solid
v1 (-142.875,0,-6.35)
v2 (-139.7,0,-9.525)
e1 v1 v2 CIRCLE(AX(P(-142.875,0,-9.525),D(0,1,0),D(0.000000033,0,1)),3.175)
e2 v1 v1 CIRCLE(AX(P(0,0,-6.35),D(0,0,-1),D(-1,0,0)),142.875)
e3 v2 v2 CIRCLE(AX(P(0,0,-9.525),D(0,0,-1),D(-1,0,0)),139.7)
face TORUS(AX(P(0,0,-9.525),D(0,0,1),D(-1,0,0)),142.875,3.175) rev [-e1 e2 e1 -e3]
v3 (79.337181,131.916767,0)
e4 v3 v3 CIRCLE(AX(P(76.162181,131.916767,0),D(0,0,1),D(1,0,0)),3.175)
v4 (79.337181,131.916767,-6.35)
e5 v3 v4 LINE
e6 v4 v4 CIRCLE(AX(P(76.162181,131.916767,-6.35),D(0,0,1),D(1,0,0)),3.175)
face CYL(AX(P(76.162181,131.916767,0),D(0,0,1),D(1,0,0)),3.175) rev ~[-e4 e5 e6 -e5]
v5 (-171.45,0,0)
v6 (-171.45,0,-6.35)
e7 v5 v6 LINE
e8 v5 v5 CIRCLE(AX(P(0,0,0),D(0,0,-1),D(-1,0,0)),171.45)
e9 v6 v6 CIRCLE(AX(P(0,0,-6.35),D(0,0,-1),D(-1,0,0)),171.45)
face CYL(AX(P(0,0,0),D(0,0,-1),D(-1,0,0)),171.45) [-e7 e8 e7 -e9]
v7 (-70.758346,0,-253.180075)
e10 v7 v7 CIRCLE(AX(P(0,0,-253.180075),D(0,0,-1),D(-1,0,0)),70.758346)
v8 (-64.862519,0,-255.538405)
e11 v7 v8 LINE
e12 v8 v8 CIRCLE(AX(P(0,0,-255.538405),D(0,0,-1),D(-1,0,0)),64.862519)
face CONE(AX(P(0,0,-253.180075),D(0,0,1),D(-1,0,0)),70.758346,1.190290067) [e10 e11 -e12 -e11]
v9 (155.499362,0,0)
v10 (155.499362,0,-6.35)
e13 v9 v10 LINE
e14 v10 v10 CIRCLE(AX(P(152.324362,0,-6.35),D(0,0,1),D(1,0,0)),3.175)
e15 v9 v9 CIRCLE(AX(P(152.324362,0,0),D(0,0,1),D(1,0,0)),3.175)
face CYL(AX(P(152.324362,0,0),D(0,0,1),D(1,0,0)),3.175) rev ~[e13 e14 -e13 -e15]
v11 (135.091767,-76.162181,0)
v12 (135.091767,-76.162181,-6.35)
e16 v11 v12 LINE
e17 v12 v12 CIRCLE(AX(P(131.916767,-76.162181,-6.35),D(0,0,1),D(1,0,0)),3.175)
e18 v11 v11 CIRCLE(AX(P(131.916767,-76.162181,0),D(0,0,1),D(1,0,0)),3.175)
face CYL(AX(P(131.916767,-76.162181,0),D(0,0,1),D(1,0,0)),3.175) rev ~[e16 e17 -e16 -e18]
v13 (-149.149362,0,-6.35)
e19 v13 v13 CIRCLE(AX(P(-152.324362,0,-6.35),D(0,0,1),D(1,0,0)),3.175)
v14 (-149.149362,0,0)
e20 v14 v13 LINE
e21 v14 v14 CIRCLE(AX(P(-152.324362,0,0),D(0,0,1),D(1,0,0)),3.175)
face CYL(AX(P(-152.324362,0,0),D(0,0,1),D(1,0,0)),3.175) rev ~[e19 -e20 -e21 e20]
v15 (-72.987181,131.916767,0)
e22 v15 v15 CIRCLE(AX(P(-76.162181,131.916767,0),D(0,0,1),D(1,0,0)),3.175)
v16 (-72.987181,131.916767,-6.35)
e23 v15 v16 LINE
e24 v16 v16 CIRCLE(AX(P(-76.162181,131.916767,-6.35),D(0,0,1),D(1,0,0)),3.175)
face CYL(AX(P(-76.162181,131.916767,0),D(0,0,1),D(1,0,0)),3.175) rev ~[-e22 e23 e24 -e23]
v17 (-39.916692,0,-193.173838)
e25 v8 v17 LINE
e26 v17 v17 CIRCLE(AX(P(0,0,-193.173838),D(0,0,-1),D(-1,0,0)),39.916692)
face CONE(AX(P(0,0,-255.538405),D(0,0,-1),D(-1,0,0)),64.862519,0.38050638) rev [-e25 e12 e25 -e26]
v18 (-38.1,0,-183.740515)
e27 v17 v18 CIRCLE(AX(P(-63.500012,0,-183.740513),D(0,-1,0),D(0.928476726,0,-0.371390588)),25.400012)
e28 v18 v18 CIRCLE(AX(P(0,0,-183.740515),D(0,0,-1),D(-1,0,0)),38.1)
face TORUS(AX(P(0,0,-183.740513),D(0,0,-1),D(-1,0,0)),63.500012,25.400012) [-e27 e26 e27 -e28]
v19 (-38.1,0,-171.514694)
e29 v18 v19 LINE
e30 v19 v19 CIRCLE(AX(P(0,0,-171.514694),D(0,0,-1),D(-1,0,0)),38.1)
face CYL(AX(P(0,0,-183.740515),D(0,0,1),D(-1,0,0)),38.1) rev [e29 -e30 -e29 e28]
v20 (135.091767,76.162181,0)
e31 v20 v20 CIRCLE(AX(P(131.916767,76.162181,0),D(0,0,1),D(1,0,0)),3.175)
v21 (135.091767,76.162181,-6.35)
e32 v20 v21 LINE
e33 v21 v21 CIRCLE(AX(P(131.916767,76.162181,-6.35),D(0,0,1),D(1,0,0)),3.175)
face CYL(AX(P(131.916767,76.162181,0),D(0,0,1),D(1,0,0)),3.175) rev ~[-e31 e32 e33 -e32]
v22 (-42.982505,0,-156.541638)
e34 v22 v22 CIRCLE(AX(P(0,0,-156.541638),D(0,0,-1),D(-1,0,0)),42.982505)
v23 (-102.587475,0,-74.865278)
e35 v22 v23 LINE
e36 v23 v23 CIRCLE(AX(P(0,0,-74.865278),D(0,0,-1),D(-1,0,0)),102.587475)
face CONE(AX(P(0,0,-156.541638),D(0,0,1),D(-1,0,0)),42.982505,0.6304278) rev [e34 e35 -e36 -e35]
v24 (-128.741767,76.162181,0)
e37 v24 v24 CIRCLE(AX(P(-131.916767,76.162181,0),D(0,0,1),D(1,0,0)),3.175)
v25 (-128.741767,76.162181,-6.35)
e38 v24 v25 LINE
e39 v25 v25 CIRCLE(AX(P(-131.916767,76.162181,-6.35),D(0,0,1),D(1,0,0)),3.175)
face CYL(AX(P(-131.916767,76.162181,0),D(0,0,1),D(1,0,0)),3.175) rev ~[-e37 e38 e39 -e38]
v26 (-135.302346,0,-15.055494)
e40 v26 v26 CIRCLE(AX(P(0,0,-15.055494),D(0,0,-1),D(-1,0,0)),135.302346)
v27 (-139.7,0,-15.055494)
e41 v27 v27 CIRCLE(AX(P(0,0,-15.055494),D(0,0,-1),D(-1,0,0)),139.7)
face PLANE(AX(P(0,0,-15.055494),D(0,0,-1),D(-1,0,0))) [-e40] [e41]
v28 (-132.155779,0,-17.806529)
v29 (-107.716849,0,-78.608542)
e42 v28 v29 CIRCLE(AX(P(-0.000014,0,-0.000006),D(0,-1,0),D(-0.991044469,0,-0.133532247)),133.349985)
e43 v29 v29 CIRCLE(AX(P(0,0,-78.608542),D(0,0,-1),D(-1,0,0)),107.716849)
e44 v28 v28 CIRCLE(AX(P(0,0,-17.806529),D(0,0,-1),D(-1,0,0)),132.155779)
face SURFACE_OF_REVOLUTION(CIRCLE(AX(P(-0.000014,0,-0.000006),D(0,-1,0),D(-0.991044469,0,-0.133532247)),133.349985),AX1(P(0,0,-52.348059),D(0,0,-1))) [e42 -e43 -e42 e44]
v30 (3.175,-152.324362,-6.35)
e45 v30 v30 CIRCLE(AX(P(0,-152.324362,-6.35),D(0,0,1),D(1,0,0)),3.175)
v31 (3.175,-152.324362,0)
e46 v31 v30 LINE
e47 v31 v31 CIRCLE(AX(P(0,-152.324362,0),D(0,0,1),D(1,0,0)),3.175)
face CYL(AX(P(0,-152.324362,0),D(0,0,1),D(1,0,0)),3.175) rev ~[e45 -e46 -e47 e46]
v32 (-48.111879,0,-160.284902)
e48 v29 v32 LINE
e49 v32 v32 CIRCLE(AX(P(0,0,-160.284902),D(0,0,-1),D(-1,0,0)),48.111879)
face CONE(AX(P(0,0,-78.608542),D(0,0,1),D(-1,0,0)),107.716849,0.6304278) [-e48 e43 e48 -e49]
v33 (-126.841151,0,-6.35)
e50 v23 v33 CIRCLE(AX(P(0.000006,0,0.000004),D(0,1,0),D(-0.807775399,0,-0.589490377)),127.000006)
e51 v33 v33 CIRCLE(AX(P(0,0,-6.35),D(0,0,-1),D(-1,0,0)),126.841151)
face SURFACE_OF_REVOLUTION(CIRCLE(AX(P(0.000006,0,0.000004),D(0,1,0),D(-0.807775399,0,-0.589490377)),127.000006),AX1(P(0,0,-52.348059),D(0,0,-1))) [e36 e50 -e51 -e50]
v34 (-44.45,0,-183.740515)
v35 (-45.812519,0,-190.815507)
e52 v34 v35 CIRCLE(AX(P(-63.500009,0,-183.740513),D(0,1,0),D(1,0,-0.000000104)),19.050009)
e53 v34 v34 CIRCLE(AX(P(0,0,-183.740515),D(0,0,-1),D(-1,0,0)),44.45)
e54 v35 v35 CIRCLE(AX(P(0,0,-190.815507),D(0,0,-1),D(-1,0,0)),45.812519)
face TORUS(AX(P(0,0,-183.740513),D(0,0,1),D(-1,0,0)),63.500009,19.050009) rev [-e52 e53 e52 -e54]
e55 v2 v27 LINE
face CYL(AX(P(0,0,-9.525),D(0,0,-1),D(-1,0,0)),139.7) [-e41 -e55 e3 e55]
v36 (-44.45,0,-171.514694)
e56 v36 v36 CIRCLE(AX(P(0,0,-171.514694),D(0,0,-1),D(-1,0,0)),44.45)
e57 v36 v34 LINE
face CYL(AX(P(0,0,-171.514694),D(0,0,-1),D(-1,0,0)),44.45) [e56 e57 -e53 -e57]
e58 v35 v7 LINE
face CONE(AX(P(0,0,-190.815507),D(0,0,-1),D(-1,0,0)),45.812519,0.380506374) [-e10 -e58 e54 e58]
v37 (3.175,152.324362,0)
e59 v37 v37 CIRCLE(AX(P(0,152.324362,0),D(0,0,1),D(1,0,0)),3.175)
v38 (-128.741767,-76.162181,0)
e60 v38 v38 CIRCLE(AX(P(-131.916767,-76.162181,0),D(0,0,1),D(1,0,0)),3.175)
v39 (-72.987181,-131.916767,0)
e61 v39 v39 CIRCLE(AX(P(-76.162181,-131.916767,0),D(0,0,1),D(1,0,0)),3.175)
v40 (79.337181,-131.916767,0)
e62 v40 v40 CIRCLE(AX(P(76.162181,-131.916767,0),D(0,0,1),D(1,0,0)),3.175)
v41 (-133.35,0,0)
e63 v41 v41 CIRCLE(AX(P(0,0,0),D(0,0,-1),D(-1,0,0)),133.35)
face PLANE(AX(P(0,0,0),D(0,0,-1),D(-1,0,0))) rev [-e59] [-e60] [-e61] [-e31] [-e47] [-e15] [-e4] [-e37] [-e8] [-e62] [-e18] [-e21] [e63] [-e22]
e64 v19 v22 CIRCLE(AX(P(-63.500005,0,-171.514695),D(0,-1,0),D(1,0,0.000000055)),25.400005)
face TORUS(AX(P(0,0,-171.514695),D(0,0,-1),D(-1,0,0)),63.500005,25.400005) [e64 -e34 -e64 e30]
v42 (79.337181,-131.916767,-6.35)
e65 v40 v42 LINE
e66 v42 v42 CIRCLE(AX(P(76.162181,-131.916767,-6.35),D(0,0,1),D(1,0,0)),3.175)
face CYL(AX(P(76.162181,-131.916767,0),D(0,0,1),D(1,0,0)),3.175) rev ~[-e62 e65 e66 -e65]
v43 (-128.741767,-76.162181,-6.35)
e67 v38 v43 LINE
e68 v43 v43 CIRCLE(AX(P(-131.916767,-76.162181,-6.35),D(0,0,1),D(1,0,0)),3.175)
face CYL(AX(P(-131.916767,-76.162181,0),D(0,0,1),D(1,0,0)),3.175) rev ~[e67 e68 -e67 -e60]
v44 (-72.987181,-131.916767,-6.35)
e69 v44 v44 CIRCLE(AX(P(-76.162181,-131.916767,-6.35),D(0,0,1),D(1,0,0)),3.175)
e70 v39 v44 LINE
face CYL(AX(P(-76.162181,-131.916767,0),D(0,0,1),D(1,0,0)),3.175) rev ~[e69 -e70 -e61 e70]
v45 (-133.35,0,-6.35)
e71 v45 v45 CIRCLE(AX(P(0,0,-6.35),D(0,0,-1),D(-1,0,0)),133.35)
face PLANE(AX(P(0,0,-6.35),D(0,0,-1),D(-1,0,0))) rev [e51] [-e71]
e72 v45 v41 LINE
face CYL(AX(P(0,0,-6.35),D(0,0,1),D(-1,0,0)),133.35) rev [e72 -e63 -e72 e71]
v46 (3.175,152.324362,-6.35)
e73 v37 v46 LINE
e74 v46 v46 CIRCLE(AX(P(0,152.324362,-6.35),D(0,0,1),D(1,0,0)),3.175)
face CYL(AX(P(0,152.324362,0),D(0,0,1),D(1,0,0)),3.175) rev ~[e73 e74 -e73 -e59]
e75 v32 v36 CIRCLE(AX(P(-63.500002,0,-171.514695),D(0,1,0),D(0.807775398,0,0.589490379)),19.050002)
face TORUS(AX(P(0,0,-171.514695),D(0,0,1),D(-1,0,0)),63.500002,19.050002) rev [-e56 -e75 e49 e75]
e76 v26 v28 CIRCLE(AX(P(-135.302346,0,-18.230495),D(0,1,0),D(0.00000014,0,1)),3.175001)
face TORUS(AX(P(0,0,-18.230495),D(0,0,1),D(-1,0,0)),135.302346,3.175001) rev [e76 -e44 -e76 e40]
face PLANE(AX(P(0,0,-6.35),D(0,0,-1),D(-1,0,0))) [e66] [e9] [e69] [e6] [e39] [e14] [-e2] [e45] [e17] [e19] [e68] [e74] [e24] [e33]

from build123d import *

# Parameters (mm, degrees)
F9_D      = 6.35
F12_R     = 3.175
F13_DEPTH = 25.4


with BuildPart() as f1:
    # F0 (on Front) → F1 (revolve)
    with BuildSketch(Plane.XZ):
        with BuildLine():
            ThreePointArc((0, 127), (89.802561, 89.802561), (127, 0))
            Line((127, 0), (127, -6.35))
            Line((127, -6.35), (133.35, -6.35))
            Line((133.35, -6.35), (133.35, 0))
            Line((133.35, 0), (171.45, 0))
            Line((171.45, 0), (171.45, 6.35))
            Line((171.45, 6.35), (133.198724, 6.35))
            ThreePointArc((133.198724, 6.35), (92.020242, 96.511644), (0, 133.35))
            Line((0, 133.35), (0, 127))
        make_face()
    revolve(axis=Axis((0, 0, 13.31393), (0, 0, 1)))

    # F4 (on Front) → F5 (revolve, cut)
    with BuildSketch(Plane.XZ):
        with BuildLine():
            ThreePointArc((89.802561, 89.802561), (94.185721, 85.19419), (98.332676, 80.372164))
            Line((98.332676, 80.372164), (100.775306, 82.814794))
            Line((100.775306, 82.814794), (103.02037, 80.56973))
            Line((103.02037, 80.56973), (110.363235, 87.912594))
            Line((110.363235, 87.912594), (94.292689, 94.292689))
            Line((94.292689, 94.292689), (89.802561, 89.802561))
        make_face()
    revolve(axis=Axis((92.047625, 0, 92.047625), (0.707107, 0, 0.707107)), mode=Mode.SUBTRACT)

    # F6 (on Front) → F7 (revolve, cut)
    with BuildSketch(Plane.XZ):
        with BuildLine():
            ThreePointArc((-7.9375, 126.75171), (-3.970691, 126.937912), (0, 127))
            Line((0, 127), (0, 133.35))
            ThreePointArc((0, 133.35), (-3.97051, 133.290876), (-7.9375, 133.113555))
            Line((-7.9375, 133.113555), (-7.9375, 126.75171))
        make_face()
    revolve(axis=Axis((0, 0, 130.175), (0, 0, 1)), mode=Mode.SUBTRACT)

    # F9 (through all)
    with Locations(Plane.XY.offset(6.35)):
        with Locations((0, -152.324362)):
            Hole(F9_D / 2)


with BuildPart() as f11:
    # F10 (on Front) → F11 (revolve)
    with BuildSketch(Plane.XZ):
        with BuildLine():
            Line((-133.35, 0), (-171.45, 0))
            Line((-171.45, 0), (-171.45, -6.35))
            Line((-171.45, -6.35), (-142.875, -6.35))
            ThreePointArc((-142.875, -6.35), (-140.629936, -7.279936), (-139.7, -9.525))
            Line((-139.7, -9.525), (-139.7, -15.055494))
            Line((-139.7, -15.055494), (-135.302346, -15.055494))
            ThreePointArc((-135.302346, -15.055494), (-133.212545, -15.840231), (-132.155779, -17.806529))
            ThreePointArc((-132.155779, -17.806529), (-123.729304, -49.732101), (-107.716849, -78.608542))
            Line((-107.716849, -78.608542), (-48.111879, -160.284902))
            ThreePointArc((-48.111879, -160.284902), (-45.388592, -165.608816), (-44.45, -171.514694))
            Line((-44.45, -171.514694), (-44.45, -183.740515))
            ThreePointArc((-44.45, -183.740515), (-44.793731, -187.343013), (-45.812519, -190.815507))
            Line((-45.812519, -190.815507), (-70.758346, -253.180075))
            Line((-70.758346, -253.180075), (-64.862519, -255.538405))
            Line((-64.862519, -255.538405), (-39.916692, -193.173838))
            ThreePointArc((-39.916692, -193.173838), (-38.558308, -188.543846), (-38.1, -183.740515))
            Line((-38.1, -183.740515), (-38.1, -171.514694))
            ThreePointArc((-38.1, -171.514694), (-39.351456, -163.64019), (-42.982505, -156.541638))
            Line((-42.982505, -156.541638), (-102.587475, -74.865278))
            ThreePointArc((-102.587475, -74.865278), (-119.720338, -42.379719), (-126.841151, -6.35))
            Line((-126.841151, -6.35), (-133.35, -6.35))
            Line((-133.35, -6.35), (-133.35, 0))
        make_face()
    revolve(axis=Axis((0, 0, -52.348059), (0, 0, -1)))

    # F12 (on face) → F13 (cut)
    with BuildSketch(Plane.XY):
        with Locations((0, -152.324362)):
            Circle(F12_R)
        with Locations((76.162181, -131.916767)):
            Circle(F12_R)
        with Locations((131.916767, -76.162181)):
            Circle(F12_R)
        with Locations((152.324362, 0)):
            Circle(F12_R)
        with Locations((131.916767, 76.162181)):
            Circle(F12_R)
        with Locations((76.162181, 131.916767)):
            Circle(F12_R)
        with Locations((0, 152.324362)):
            Circle(F12_R)
        with Locations((-76.162181, 131.916767)):
            Circle(F12_R)
        with Locations((-131.916767, 76.162181)):
            Circle(F12_R)
        with Locations((-152.324362, 0)):
            Circle(F12_R)
        with Locations((-131.916767, -76.162181)):
            Circle(F12_R)
        with Locations((-76.162181, -131.916767)):
            Circle(F12_R)
    extrude(amount=-F13_DEPTH, mode=Mode.SUBTRACT)


solid = f11.part
